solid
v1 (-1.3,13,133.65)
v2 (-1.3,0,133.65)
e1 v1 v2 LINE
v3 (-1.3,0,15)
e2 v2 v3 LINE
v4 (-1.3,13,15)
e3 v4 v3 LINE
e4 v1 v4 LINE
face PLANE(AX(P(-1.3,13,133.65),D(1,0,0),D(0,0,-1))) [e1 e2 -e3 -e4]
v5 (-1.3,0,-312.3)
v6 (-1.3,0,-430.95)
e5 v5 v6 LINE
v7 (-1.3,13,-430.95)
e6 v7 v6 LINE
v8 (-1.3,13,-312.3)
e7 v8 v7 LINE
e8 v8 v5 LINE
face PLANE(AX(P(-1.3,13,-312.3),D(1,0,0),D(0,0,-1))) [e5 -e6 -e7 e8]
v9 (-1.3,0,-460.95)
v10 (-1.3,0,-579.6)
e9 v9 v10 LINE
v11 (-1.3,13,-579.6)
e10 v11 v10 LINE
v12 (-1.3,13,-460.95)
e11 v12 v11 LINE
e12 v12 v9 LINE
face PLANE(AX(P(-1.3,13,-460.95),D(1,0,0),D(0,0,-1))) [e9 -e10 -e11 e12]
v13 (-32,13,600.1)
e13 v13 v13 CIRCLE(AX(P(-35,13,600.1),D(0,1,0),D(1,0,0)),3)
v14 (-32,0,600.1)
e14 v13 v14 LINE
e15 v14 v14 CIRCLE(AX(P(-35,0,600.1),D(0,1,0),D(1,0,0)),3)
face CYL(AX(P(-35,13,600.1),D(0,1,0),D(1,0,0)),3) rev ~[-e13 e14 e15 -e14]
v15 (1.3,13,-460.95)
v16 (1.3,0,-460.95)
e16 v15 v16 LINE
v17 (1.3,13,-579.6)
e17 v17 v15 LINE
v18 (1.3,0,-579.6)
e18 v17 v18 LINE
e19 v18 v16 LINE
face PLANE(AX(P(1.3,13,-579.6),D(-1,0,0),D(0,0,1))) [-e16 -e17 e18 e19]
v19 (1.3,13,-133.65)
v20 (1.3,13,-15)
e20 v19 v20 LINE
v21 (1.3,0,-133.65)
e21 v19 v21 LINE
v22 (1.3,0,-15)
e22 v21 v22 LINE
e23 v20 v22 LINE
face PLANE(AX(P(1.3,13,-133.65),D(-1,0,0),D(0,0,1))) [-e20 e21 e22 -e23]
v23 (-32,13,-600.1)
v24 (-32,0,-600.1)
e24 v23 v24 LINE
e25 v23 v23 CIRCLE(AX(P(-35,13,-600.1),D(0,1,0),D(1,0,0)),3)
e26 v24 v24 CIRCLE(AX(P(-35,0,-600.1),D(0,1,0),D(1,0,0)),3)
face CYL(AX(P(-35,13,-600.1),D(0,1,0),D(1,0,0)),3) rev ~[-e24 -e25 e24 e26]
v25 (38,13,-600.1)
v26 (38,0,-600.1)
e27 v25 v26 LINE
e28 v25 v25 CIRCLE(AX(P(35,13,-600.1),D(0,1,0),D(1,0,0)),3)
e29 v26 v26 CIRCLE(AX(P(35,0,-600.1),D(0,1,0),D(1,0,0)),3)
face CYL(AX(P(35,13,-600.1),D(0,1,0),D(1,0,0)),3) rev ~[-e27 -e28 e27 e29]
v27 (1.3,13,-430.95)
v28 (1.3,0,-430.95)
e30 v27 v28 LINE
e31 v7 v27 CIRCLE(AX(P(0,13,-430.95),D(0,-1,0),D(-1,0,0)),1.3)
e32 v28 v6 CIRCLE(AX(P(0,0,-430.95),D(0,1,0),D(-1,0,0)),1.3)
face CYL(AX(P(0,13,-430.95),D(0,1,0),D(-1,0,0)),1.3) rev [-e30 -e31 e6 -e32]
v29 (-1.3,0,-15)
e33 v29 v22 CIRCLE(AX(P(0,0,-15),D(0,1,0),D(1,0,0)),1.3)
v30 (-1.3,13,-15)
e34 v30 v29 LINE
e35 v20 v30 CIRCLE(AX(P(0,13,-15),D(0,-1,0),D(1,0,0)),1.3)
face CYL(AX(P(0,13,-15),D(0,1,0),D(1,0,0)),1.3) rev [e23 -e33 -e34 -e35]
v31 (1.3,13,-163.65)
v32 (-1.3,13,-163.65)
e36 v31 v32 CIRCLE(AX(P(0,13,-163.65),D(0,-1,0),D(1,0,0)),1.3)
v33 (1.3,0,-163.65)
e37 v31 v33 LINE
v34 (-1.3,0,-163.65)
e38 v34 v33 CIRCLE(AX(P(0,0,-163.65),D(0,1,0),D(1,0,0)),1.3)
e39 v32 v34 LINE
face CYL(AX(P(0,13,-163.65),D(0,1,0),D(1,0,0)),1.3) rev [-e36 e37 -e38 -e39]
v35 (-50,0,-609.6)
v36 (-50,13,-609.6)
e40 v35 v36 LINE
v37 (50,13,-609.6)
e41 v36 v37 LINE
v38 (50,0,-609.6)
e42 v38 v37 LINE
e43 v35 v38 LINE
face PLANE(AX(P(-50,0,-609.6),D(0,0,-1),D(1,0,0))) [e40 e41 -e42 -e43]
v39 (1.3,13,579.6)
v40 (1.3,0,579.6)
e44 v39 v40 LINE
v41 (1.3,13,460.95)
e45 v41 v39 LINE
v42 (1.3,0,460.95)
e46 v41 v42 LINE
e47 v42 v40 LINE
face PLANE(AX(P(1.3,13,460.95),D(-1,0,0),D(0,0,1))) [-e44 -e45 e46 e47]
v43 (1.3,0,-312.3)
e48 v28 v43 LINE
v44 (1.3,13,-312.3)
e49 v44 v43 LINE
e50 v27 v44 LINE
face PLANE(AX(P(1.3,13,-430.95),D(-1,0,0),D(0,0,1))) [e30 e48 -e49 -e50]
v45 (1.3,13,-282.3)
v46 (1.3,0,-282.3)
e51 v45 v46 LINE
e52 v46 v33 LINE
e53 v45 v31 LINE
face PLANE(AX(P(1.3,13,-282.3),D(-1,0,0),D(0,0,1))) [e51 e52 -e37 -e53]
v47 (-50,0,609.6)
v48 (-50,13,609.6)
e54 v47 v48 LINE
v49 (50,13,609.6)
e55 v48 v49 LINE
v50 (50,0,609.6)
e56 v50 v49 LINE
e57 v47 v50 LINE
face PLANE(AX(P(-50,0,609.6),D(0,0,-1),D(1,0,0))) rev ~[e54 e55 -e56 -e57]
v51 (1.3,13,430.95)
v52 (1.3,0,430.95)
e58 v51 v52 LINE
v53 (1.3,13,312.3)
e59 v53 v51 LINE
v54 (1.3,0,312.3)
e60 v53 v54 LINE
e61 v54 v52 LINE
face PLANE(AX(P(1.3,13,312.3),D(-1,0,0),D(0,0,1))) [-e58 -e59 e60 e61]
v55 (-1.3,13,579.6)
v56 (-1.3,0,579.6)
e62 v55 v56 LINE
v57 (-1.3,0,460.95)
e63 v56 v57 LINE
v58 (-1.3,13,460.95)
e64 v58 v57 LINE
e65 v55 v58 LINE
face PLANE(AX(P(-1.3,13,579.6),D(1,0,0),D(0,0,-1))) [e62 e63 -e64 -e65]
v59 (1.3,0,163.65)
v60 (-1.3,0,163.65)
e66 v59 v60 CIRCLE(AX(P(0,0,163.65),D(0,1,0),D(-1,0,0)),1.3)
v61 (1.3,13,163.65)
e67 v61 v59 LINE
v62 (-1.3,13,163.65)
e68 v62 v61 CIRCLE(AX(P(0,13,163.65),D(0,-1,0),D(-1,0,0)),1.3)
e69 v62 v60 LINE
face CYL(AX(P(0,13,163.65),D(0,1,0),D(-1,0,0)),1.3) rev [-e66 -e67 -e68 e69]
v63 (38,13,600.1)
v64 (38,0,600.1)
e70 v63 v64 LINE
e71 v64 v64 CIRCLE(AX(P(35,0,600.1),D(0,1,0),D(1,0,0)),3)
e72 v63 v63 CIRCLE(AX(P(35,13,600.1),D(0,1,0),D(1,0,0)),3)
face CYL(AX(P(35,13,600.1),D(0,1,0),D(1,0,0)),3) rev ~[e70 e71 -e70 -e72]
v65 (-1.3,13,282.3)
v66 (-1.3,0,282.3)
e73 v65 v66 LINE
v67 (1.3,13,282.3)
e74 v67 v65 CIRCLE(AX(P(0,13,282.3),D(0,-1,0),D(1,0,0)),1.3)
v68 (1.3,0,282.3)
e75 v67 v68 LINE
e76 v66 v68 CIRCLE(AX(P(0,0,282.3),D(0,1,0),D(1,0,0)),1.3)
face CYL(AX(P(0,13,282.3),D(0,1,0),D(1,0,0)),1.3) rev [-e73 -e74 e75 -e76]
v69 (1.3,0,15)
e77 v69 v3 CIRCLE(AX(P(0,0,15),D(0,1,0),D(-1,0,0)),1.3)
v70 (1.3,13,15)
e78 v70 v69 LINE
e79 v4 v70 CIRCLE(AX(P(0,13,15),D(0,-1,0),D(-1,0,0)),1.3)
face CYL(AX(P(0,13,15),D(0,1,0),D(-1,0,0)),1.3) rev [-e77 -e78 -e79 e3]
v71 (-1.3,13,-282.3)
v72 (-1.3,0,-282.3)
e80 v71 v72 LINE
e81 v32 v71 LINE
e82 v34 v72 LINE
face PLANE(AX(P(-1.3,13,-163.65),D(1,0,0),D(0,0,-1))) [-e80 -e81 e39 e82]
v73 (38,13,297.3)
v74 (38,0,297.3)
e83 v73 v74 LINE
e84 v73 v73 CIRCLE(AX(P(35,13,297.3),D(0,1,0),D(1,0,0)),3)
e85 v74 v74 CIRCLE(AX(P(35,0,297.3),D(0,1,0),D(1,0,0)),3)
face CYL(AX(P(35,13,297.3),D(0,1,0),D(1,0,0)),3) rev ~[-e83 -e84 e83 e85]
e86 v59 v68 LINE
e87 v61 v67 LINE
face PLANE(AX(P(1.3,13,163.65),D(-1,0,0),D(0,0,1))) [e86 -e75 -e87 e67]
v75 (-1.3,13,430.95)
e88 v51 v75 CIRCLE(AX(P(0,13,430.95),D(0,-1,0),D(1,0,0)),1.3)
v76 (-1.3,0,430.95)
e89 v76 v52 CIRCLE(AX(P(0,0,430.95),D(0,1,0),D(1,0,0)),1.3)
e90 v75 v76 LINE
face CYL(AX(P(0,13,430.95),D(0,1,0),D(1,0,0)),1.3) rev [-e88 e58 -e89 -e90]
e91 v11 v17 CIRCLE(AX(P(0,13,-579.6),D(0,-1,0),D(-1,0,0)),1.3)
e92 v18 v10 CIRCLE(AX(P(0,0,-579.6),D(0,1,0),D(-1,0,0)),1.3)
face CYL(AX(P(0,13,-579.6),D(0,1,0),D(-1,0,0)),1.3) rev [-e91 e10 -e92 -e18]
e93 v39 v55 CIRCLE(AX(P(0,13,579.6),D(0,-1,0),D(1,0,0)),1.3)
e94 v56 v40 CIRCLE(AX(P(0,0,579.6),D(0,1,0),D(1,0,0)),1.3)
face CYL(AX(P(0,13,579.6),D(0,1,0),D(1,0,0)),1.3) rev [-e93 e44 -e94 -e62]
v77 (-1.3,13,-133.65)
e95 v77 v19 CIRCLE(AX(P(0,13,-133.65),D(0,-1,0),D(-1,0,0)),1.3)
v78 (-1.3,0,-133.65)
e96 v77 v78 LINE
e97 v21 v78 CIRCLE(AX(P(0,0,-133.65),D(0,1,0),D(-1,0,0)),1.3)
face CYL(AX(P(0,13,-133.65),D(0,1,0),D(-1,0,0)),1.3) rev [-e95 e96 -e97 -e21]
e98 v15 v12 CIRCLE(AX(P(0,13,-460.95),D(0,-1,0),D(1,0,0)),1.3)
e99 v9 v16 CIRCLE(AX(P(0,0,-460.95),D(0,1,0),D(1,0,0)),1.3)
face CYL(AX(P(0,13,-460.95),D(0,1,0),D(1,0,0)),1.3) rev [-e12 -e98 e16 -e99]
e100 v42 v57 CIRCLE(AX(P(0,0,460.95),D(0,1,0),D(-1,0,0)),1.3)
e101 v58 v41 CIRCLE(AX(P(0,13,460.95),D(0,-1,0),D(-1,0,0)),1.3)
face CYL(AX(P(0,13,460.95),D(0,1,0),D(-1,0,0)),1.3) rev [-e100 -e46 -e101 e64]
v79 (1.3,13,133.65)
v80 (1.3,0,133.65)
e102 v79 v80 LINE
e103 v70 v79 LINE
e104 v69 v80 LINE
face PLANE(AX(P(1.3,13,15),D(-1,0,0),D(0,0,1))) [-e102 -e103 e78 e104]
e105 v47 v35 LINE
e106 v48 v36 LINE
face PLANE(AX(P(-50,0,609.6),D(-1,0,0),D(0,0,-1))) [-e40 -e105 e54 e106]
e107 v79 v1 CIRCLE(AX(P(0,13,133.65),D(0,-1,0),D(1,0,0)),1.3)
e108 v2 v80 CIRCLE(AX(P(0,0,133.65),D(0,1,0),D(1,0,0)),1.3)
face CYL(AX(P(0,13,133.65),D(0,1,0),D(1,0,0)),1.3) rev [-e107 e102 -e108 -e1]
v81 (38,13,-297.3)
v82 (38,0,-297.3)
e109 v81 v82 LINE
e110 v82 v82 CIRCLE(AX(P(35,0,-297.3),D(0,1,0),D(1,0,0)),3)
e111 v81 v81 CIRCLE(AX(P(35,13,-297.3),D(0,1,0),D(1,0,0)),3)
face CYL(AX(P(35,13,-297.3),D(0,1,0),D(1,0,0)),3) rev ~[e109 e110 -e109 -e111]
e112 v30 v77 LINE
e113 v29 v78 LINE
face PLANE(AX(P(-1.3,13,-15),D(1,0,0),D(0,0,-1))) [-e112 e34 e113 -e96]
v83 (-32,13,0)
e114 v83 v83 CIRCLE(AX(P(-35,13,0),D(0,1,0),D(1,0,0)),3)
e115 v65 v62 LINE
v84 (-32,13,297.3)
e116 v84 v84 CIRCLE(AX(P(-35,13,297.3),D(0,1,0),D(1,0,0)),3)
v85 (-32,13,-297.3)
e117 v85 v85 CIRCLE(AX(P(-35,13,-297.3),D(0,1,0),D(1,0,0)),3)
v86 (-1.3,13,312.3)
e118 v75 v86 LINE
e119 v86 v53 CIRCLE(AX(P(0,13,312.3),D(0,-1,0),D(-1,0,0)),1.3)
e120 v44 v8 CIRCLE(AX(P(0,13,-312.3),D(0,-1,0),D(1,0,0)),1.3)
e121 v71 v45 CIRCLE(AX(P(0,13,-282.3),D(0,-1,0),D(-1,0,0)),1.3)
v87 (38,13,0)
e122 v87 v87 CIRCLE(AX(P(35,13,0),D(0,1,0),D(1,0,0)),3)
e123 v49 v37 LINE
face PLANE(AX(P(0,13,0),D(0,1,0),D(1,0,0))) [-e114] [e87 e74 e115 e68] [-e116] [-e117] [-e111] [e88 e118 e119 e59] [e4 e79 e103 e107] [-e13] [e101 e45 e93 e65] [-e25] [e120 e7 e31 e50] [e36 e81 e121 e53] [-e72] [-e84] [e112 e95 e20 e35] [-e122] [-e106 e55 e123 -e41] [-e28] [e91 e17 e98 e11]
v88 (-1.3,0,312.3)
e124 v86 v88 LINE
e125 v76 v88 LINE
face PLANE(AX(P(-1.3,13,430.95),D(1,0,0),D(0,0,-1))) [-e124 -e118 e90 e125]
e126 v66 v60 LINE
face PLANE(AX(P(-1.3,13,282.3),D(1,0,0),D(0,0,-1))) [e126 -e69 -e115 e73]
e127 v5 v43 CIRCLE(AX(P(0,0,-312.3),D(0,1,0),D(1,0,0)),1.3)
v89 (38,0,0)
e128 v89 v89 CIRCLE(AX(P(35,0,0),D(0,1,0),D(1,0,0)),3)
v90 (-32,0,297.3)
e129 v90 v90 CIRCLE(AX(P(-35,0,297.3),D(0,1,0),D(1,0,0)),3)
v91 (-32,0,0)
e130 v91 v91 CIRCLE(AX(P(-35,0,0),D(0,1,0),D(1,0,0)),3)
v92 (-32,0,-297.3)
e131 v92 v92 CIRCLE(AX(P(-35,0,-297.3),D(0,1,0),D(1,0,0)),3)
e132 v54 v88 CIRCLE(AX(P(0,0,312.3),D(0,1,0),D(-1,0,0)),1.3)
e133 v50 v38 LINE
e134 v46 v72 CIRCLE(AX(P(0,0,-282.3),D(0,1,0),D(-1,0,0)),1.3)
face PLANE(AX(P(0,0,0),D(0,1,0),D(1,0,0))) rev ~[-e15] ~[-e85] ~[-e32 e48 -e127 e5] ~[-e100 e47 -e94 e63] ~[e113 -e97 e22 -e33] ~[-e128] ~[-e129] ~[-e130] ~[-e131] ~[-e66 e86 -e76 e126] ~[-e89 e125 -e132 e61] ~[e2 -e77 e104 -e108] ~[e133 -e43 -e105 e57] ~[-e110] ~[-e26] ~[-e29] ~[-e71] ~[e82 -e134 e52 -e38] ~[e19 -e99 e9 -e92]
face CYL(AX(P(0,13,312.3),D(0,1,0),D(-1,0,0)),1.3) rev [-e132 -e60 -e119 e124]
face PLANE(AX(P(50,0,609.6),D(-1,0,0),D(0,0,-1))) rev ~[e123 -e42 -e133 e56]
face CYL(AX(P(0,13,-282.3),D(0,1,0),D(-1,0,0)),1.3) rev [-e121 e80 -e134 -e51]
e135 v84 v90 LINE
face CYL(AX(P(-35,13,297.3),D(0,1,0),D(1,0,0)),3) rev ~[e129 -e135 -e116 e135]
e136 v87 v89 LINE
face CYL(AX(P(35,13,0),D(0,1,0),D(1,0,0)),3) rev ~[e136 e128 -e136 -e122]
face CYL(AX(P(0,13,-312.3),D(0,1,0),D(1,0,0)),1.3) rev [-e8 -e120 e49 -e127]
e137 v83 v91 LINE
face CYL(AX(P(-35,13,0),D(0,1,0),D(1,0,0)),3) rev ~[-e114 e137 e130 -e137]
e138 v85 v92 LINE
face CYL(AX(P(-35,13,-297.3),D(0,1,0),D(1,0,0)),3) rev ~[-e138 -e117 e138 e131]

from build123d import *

# Parameters (mm, degrees)
SKETCH1_W           = 100
SKETCH1_H           = 1219.2
BOSS_EXTRUDE1_DEPTH = 13
SKETCH6_R           = 3
CUT_EXTRUDE4_DEPTH  = 20
CUT_EXTRUDE5_DEPTH  = 30


with BuildPart() as part:
    # Sketch1 → Boss-Extrude1 (new body)
    with BuildSketch(Plane(origin=(0, 0, 0), x_dir=(1, 0, 0), z_dir=(0, 1, 0))):
        Rectangle(SKETCH1_W, SKETCH1_H)
    extrude(amount=BOSS_EXTRUDE1_DEPTH)

    # Sketch6 → Cut-Extrude4 (cut)
    with BuildSketch(Plane(origin=(0, 13, 0), x_dir=(1, 0, 0), z_dir=(0, 1, 0))):
        with Locations((35, 0)):
            Circle(SKETCH6_R)
        with Locations((-35, 0)):
            Circle(SKETCH6_R)
        with Locations((35, -297.3)):
            Circle(SKETCH6_R)
        with Locations((-35, -297.3)):
            Circle(SKETCH6_R)
        with Locations((35, 600.1)):
            Circle(SKETCH6_R)
        with Locations((-35, 600.1)):
            Circle(SKETCH6_R)
        with Locations((-35, 297.3)):
            Circle(SKETCH6_R)
        with Locations((35, 297.3)):
            Circle(SKETCH6_R)
        with Locations((-35, -600.1)):
            Circle(SKETCH6_R)
        with Locations((35, -600.1)):
            Circle(SKETCH6_R)
    extrude(amount=-CUT_EXTRUDE4_DEPTH, mode=Mode.SUBTRACT)

    # Sketch7 → Cut-Extrude5 (cut)
    with BuildSketch(Plane(origin=(0, 13, 0), x_dir=(1, 0, 0), z_dir=(0, 1, 0))):
        with BuildLine():
            Line((1.3, -460.95), (1.3, -579.6))
            ThreePointArc((1.3, -579.6), (0, -580.9), (-1.3, -579.6))
            Line((-1.3, -579.6), (-1.3, -460.95))
            ThreePointArc((-1.3, -460.95), (0, -459.65), (1.3, -460.95))
        make_face()
        with BuildLine():
            Line((1.3, -312.3), (1.3, -430.95))
            ThreePointArc((1.3, -430.95), (0, -432.25), (-1.3, -430.95))
            Line((-1.3, -430.95), (-1.3, -312.3))
            ThreePointArc((-1.3, -312.3), (0, -311), (1.3, -312.3))
        make_face()
        with BuildLine():
            Line((1.3, -163.65), (1.3, -282.3))
            ThreePointArc((1.3, -282.3), (0, -283.6), (-1.3, -282.3))
            Line((-1.3, -282.3), (-1.3, -163.65))
            ThreePointArc((-1.3, -163.65), (0, -162.35), (1.3, -163.65))
        make_face()
        with BuildLine():
            Line((1.3, -15), (1.3, -133.65))
            ThreePointArc((1.3, -133.65), (0, -134.95), (-1.3, -133.65))
            Line((-1.3, -133.65), (-1.3, -15))
            ThreePointArc((-1.3, -15), (0, -13.7), (1.3, -15))
        make_face()
        with BuildLine():
            Line((1.3, 133.65), (1.3, 15))
            ThreePointArc((1.3, 15), (0, 13.7), (-1.3, 15))
            Line((-1.3, 15), (-1.3, 133.65))
            ThreePointArc((-1.3, 133.65), (0, 134.95), (1.3, 133.65))
        make_face()
        with BuildLine():
            Line((1.3, 282.3), (1.3, 163.65))
            ThreePointArc((1.3, 163.65), (0, 162.35), (-1.3, 163.65))
            Line((-1.3, 163.65), (-1.3, 282.3))
            ThreePointArc((-1.3, 282.3), (0, 283.6), (1.3, 282.3))
        make_face()
        with BuildLine():
            Line((1.3, 430.95), (1.3, 312.3))
            ThreePointArc((1.3, 312.3), (0, 311), (-1.3, 312.3))
            Line((-1.3, 312.3), (-1.3, 430.95))
            ThreePointArc((-1.3, 430.95), (0, 432.25), (1.3, 430.95))
        make_face()
        with BuildLine():
            Line((1.3, 579.6), (1.3, 460.95))
            ThreePointArc((1.3, 460.95), (0, 459.65), (-1.3, 460.95))
            Line((-1.3, 460.95), (-1.3, 579.6))
            ThreePointArc((-1.3, 579.6), (0, 580.9), (1.3, 579.6))
        make_face()
    extrude(amount=-CUT_EXTRUDE5_DEPTH, mode=Mode.SUBTRACT)


solid = part.part
